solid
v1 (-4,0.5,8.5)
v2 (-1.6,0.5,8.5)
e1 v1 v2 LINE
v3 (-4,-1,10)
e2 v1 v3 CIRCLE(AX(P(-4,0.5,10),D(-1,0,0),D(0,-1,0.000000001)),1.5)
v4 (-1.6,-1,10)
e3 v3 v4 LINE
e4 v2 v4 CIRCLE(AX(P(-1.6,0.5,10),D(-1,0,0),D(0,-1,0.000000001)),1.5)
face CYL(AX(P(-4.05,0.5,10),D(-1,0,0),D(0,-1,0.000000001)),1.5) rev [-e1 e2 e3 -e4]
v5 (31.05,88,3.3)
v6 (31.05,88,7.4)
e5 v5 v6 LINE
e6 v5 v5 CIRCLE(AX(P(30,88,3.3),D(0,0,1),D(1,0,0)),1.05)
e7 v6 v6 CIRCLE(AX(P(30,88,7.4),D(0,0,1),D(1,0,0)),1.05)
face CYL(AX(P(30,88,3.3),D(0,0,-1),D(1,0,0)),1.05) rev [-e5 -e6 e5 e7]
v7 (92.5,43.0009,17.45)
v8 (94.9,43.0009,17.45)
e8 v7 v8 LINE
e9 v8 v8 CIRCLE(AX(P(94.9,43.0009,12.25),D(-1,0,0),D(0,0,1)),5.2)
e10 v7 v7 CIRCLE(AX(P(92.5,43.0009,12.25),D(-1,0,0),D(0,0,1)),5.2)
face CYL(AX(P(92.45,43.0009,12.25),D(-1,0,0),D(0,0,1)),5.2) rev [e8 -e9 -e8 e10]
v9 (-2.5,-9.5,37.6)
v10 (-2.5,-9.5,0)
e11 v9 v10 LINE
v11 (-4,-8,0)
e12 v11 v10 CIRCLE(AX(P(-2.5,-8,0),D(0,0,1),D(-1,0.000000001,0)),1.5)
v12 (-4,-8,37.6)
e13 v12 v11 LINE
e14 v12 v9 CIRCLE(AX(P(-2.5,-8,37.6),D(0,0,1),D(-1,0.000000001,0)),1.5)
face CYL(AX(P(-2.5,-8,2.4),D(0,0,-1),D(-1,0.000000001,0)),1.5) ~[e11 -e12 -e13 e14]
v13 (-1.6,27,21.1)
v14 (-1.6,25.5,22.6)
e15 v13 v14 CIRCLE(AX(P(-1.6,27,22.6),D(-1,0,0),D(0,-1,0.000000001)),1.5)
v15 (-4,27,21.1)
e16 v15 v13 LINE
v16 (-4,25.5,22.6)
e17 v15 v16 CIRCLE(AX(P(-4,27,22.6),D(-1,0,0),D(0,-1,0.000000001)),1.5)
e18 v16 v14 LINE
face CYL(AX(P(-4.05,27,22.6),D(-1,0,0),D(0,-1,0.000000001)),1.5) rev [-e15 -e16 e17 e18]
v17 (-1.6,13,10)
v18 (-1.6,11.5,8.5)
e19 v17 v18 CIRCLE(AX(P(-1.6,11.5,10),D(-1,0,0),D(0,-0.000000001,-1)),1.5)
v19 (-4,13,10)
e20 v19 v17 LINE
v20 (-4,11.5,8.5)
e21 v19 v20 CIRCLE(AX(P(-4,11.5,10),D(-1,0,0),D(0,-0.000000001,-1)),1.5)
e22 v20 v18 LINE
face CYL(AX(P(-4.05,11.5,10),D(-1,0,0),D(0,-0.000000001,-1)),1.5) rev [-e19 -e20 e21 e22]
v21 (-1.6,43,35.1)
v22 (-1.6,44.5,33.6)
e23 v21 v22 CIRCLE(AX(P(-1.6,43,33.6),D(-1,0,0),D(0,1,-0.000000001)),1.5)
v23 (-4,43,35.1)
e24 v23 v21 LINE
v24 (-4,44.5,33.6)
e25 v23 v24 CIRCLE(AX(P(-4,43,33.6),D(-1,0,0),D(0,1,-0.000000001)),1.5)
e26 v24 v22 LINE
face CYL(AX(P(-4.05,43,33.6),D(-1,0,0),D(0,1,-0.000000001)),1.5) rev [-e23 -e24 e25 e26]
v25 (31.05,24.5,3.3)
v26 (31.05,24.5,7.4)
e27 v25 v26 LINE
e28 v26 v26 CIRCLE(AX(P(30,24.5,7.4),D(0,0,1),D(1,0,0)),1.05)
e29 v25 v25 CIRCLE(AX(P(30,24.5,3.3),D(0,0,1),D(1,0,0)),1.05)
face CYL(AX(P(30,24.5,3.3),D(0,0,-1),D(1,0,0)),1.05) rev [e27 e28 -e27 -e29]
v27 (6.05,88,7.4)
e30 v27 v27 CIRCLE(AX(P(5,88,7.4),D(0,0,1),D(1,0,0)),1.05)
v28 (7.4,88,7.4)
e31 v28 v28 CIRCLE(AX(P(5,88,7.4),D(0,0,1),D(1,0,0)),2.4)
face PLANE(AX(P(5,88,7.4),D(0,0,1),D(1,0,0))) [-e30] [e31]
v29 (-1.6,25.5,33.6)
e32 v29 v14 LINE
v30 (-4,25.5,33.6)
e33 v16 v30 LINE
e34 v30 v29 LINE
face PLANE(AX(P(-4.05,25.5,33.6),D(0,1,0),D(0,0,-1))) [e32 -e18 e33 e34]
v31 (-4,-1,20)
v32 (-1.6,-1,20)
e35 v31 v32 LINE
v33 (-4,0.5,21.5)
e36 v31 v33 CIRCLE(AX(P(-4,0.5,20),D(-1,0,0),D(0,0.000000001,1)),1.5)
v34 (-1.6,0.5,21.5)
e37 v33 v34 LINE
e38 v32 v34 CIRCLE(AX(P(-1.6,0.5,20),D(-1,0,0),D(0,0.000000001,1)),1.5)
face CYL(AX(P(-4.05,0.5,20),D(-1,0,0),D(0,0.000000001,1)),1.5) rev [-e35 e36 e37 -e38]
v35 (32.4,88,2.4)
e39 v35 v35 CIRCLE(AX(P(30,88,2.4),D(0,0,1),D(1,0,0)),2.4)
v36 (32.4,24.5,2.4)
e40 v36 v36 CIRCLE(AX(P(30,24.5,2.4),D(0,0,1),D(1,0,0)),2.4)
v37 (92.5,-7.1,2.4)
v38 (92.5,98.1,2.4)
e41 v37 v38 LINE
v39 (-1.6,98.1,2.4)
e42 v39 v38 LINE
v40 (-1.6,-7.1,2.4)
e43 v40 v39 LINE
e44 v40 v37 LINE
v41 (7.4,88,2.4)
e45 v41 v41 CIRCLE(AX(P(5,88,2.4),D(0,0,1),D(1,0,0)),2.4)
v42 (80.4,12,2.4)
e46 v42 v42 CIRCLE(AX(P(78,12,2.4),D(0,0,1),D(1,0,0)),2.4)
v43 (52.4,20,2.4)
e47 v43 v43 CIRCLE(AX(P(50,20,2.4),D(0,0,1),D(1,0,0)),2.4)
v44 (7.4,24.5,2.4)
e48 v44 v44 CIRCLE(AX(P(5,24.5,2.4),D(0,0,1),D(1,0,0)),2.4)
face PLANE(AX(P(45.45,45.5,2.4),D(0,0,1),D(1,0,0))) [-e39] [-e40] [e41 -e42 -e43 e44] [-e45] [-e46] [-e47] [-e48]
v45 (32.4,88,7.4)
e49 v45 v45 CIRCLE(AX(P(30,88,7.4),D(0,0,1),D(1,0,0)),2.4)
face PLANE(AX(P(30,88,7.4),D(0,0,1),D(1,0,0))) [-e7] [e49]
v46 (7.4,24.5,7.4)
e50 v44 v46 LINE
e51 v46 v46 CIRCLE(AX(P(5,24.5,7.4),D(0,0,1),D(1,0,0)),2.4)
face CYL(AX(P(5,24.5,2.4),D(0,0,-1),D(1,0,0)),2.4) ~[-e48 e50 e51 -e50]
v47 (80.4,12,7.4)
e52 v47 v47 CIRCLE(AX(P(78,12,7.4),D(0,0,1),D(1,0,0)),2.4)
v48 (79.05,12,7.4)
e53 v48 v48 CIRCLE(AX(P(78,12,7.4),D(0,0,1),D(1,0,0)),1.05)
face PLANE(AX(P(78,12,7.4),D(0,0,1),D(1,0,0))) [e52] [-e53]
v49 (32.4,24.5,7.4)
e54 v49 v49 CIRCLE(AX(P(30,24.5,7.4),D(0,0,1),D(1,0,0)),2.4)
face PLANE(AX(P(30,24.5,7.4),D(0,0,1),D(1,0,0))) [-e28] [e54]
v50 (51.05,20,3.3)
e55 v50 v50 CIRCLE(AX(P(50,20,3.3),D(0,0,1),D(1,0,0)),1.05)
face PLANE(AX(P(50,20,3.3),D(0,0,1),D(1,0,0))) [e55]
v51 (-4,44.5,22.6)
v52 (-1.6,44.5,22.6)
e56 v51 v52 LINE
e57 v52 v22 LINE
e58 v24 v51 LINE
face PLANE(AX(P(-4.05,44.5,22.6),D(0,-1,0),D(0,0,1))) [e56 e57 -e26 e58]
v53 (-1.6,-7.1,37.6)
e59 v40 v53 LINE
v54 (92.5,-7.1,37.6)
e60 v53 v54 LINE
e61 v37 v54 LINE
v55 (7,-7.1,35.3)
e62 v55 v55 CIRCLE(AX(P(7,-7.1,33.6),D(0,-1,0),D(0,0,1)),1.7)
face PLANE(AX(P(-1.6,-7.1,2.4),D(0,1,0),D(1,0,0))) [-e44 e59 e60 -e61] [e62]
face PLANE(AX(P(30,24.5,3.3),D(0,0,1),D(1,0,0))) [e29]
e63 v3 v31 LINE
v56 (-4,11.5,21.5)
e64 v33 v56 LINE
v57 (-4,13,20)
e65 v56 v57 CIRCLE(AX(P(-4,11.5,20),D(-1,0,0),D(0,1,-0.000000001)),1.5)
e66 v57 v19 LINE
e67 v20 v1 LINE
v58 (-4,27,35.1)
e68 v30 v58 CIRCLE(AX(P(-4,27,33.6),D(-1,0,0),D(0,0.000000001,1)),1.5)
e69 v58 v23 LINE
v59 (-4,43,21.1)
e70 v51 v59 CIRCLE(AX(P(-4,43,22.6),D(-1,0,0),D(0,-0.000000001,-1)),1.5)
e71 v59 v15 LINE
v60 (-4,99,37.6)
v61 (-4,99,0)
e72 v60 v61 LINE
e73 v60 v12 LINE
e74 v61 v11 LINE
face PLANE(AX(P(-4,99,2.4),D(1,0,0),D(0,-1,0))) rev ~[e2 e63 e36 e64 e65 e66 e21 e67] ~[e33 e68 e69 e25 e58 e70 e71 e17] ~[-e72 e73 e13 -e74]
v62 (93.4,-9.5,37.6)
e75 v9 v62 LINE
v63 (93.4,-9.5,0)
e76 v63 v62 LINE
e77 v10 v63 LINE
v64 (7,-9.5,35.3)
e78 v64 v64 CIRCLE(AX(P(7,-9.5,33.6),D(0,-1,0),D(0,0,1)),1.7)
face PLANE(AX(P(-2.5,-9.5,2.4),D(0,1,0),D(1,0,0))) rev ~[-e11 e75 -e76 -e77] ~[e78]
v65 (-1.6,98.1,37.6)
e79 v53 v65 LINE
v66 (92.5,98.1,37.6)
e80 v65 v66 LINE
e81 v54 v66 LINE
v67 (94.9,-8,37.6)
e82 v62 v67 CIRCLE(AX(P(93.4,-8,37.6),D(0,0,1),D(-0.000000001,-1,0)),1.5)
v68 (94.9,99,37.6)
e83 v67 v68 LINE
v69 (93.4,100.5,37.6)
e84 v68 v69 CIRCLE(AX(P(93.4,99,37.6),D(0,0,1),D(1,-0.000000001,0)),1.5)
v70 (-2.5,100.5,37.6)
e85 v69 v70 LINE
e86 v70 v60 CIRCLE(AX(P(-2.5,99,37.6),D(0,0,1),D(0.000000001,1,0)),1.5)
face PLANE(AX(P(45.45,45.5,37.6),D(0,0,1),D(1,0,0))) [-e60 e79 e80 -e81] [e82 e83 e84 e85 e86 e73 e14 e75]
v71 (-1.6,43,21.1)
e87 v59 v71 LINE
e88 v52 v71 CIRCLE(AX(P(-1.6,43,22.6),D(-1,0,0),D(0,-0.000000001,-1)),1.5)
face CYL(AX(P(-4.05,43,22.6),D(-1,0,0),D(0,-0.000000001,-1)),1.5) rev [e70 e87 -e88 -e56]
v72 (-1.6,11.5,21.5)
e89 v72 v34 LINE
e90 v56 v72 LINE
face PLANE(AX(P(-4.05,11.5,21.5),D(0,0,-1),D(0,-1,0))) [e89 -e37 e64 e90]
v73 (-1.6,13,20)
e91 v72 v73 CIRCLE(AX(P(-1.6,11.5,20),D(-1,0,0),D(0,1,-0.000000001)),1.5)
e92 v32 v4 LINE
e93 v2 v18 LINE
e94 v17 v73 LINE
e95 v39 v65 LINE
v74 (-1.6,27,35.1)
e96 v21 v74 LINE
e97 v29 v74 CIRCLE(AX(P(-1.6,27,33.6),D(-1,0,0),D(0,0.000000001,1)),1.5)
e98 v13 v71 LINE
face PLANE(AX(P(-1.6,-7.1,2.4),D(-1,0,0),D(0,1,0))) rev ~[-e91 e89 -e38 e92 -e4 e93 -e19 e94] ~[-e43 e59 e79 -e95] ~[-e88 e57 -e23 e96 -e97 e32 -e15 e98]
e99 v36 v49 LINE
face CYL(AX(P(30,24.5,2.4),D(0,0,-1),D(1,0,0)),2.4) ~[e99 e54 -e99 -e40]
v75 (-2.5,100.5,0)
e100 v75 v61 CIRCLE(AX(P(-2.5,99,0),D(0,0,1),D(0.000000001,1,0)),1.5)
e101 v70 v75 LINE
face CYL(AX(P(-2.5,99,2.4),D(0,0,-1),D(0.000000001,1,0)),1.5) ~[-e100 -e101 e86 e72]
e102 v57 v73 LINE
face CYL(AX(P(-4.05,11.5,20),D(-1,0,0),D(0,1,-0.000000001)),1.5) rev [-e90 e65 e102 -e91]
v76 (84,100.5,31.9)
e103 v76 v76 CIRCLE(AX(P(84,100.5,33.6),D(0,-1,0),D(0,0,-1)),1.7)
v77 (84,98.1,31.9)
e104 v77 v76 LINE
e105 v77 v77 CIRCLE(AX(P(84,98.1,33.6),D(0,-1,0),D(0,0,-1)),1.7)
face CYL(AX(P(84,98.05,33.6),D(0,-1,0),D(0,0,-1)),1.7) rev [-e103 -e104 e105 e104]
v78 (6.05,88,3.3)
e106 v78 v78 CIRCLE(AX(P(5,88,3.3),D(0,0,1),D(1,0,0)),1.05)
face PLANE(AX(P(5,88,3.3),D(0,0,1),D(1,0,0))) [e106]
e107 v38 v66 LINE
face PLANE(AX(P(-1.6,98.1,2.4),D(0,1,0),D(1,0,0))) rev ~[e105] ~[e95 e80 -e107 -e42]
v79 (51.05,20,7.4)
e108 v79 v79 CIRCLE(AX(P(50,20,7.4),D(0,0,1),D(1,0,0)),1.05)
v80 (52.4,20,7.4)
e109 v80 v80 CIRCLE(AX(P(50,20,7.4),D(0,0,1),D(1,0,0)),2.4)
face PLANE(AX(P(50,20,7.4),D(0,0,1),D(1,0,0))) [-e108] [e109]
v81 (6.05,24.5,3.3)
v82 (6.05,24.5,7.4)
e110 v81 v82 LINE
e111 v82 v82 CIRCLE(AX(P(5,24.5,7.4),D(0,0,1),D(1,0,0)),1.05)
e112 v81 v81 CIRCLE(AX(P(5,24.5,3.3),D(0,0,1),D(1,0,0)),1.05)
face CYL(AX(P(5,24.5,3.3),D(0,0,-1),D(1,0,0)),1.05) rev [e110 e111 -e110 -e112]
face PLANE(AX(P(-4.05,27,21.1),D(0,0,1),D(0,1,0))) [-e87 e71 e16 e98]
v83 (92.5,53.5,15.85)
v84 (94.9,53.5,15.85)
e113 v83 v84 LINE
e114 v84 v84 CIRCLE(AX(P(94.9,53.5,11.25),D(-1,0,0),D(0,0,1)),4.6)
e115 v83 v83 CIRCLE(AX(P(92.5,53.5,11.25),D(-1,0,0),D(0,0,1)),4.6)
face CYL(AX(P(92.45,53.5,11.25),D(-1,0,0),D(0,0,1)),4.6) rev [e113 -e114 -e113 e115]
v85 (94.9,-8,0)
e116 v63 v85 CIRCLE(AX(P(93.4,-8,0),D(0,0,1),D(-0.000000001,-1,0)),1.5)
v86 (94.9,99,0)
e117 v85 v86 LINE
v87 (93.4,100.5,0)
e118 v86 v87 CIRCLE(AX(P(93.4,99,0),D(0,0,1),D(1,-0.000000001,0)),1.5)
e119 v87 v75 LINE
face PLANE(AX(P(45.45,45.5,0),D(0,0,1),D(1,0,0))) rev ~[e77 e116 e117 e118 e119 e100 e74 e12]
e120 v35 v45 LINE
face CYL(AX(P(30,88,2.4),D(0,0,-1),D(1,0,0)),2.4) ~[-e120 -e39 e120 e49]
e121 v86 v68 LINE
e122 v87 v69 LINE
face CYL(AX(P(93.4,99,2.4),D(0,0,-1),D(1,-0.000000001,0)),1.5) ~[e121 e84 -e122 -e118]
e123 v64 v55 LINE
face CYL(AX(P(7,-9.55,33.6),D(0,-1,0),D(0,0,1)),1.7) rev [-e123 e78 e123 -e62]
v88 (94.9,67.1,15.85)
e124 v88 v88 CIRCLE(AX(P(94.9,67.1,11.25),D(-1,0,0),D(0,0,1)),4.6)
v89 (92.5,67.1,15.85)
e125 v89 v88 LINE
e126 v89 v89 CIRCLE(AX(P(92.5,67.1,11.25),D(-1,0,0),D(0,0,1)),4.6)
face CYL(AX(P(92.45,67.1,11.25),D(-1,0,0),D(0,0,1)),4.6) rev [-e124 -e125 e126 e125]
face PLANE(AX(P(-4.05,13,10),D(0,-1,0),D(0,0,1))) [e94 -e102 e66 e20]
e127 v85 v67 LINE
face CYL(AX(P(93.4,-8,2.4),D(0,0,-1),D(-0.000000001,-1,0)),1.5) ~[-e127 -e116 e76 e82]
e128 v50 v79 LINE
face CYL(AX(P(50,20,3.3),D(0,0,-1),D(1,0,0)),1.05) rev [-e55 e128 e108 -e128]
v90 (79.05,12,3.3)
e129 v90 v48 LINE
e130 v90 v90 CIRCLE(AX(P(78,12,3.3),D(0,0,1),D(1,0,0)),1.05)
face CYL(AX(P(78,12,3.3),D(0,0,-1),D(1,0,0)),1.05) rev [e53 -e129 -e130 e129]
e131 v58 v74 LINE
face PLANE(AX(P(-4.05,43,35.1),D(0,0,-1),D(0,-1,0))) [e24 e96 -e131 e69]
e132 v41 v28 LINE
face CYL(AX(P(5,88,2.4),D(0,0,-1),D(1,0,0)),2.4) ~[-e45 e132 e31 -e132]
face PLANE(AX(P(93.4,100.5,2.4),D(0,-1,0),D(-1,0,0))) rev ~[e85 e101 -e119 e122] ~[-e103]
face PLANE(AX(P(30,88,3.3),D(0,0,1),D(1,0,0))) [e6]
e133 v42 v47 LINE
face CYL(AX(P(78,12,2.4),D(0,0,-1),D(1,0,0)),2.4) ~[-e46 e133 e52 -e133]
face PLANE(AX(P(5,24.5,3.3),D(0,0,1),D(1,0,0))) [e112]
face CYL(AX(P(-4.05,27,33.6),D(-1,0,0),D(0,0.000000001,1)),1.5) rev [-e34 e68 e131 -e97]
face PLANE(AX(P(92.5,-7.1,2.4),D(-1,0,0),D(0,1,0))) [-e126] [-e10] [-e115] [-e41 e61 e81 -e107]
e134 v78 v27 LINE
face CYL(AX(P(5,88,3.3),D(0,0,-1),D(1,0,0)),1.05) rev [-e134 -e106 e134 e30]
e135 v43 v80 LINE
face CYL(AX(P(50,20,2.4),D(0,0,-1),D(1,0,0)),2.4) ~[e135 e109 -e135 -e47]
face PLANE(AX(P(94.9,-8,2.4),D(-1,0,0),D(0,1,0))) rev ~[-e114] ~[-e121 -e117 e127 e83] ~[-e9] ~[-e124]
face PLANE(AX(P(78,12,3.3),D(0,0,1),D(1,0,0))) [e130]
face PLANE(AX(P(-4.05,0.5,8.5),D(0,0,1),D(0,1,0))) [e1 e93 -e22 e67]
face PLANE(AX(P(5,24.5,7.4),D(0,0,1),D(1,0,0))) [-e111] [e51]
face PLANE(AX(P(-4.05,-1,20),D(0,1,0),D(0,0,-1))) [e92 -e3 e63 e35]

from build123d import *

# Parameters (mm, degrees)
FLOOR_2P4MM_DEPTH                         = 2.4
SIX_PCB_SUPPORTS_5MM_START                = 2.4
SKETCH_2_R                                = 2.4
SIX_PCB_SUPPORTS_5MM_DEPTH                = 5
INTEGRAL_FRONT_REAR_AND_SIDE_WALLS_START  = 2.4
SKETCH_3_W                                = 94.1
SKETCH_3_H                                = 105.2
INTEGRAL_FRONT_REAR_AND_SIDE_WALLS_DEPTH  = 35.2
SIX_BLIND_M2P5_STANDOFF_PILOTS_DEPTH      = 2.05
SIX_BLIND_M2P5_STANDOFF_PILOTS_DEPTH_BACK = 2.05
SIX_BLIND_M2P5_STANDOFF_PILOTS_START      = 5.35
SKETCH_4_R                                = 1.05
SIDE_LID_SCREW_1_DEPTH                    = 1.25
SIDE_LID_SCREW_1_DEPTH_BACK               = 1.25
SIDE_LID_SCREW_1_START                    = -8.3
SKETCH_5_R                                = 1.7
SIDE_LID_SCREW_2_DEPTH                    = 1.25
SIDE_LID_SCREW_2_DEPTH_BACK               = 1.25
SIDE_LID_SCREW_2_START                    = 99.3
SKETCH_6_R                                = 1.7
FRONT_AUDIO_ACCESS_DEPTH                  = 1.25
FRONT_AUDIO_ACCESS_DEPTH_BACK             = 1.25
FRONT_AUDIO_ACCESS_START                  = 93.7
SKETCH_7_R                                = 5.2
SKETCH_7_R_2                              = 4.6
REAR_DC_AND_USB_ACCESS_DEPTH              = 1.25
REAR_DC_AND_USB_ACCESS_DEPTH_BACK         = 1.25
REAR_DC_AND_USB_ACCESS_START              = -2.8


with BuildPart() as part:
    # 草图1 → Floor_2p4mm (new body)
    with BuildSketch(Plane.XY):
        with BuildLine():
            Line((-2.5, -9.5), (93.4, -9.5))
            ThreePointArc((93.4, -9.5), (94.460660172, -9.060660172), (94.9, -8))
            Line((94.9, -8), (94.9, 99))
            ThreePointArc((94.9, 99), (94.460660172, 100.060660172), (93.4, 100.5))
            Line((93.4, 100.5), (-2.5, 100.5))
            ThreePointArc((-2.5, 100.5), (-3.560660172, 100.060660172), (-4, 99))
            Line((-4, 99), (-4, -8))
            ThreePointArc((-4, -8), (-3.560660172, -9.060660172), (-2.5, -9.5))
        make_face()
    extrude(amount=FLOOR_2P4MM_DEPTH)

    # 草图2 → Six_PCB_supports_5mm (add)
    with BuildSketch(Plane.XY.offset(SIX_PCB_SUPPORTS_5MM_START)):
        with Locations((5, 24.5)):
            Circle(SKETCH_2_R)
        with Locations((5, 88)):
            Circle(SKETCH_2_R)
        with Locations((30, 24.5)):
            Circle(SKETCH_2_R)
        with Locations((30, 88)):
            Circle(SKETCH_2_R)
        with Locations((78, 12)):
            Circle(SKETCH_2_R)
        with Locations((50, 20)):
            Circle(SKETCH_2_R)
    extrude(amount=SIX_PCB_SUPPORTS_5MM_DEPTH)

    # 草图3 → Integral_front_rear_and_side_walls (add)
    with BuildSketch(Plane.XY.offset(INTEGRAL_FRONT_REAR_AND_SIDE_WALLS_START)):
        with BuildLine():
            Line((-2.5, -9.5), (93.4, -9.5))
            ThreePointArc((93.4, -9.5), (94.460660172, -9.060660172), (94.9, -8))
            Line((94.9, -8), (94.9, 99))
            ThreePointArc((94.9, 99), (94.460660172, 100.060660172), (93.4, 100.5))
            Line((93.4, 100.5), (-2.5, 100.5))
            ThreePointArc((-2.5, 100.5), (-3.560660172, 100.060660172), (-4, 99))
            Line((-4, 99), (-4, -8))
            ThreePointArc((-4, -8), (-3.560660172, -9.060660172), (-2.5, -9.5))
        make_face()
        with Locations((45.45, 45.5)):
            Rectangle(SKETCH_3_W, SKETCH_3_H, mode=Mode.SUBTRACT)
    extrude(amount=INTEGRAL_FRONT_REAR_AND_SIDE_WALLS_DEPTH)

    # 草图4 → Six_blind_M2p5_standoff_pilots (cut, two sides: drawn at the far end of the back side and taken through both)
    with BuildSketch(Plane.XY.offset(SIX_BLIND_M2P5_STANDOFF_PILOTS_START - SIX_BLIND_M2P5_STANDOFF_PILOTS_DEPTH_BACK)):
        with Locations((5, 24.5)):
            Circle(SKETCH_4_R)
        with Locations((5, 88)):
            Circle(SKETCH_4_R)
        with Locations((30, 24.5)):
            Circle(SKETCH_4_R)
        with Locations((30, 88)):
            Circle(SKETCH_4_R)
        with Locations((78, 12)):
            Circle(SKETCH_4_R)
        with Locations((50, 20)):
            Circle(SKETCH_4_R)
    extrude(amount=SIX_BLIND_M2P5_STANDOFF_PILOTS_DEPTH + SIX_BLIND_M2P5_STANDOFF_PILOTS_DEPTH_BACK, mode=Mode.SUBTRACT)

    # 草图5 → Side_lid_screw_1 (cut, two sides: drawn at the far end of the back side and taken through both)
    with BuildSketch(Plane(origin=(0, 0, 0), x_dir=(1, 0, 0), z_dir=(0, 1, 0)).offset(SIDE_LID_SCREW_1_START - SIDE_LID_SCREW_1_DEPTH_BACK)):
        with Locations(Location((7, -33.6, 0), (0, 0, 270))):
            Circle(SKETCH_5_R)
    extrude(amount=SIDE_LID_SCREW_1_DEPTH + SIDE_LID_SCREW_1_DEPTH_BACK, mode=Mode.SUBTRACT)

    # 草图6 → Side_lid_screw_2 (cut, two sides: drawn at the far end of the back side and taken through both)
    with BuildSketch(Plane(origin=(0, 0, 0), x_dir=(1, 0, 0), z_dir=(0, 1, 0)).offset(SIDE_LID_SCREW_2_START - SIDE_LID_SCREW_2_DEPTH_BACK)):
        with Locations(Location((84, -33.6, 0), (0, 0, 90))):
            Circle(SKETCH_6_R)
    extrude(amount=SIDE_LID_SCREW_2_DEPTH + SIDE_LID_SCREW_2_DEPTH_BACK, mode=Mode.SUBTRACT)

    # 草图7 → Front_audio_access (cut, two sides: drawn at the far end of the back side and taken through both)
    with BuildSketch(Plane(origin=(0, 0, 0), x_dir=(0, 0, -1), z_dir=(1, 0, 0)).offset(FRONT_AUDIO_ACCESS_START - FRONT_AUDIO_ACCESS_DEPTH_BACK)):
        with Locations(Location((-12.25, 43.0009, 0), (0, 0, 180))):
            Circle(SKETCH_7_R)
        with Locations(Location((-11.25, 53.5, 0), (0, 0, 180))):
            Circle(SKETCH_7_R_2)
        with Locations(Location((-11.25, 67.1, 0), (0, 0, 180))):
            Circle(SKETCH_7_R_2)
    extrude(amount=FRONT_AUDIO_ACCESS_DEPTH + FRONT_AUDIO_ACCESS_DEPTH_BACK, mode=Mode.SUBTRACT)

    # 草图8 → Rear_DC_and_USB_access (cut, two sides: drawn at the far end of the back side and taken through both)
    with BuildSketch(Plane(origin=(0, 0, 0), x_dir=(0, 0, -1), z_dir=(1, 0, 0)).offset(REAR_DC_AND_USB_ACCESS_START - REAR_DC_AND_USB_ACCESS_DEPTH_BACK)):
        with BuildLine():
            Line((-8.5, 0.5), (-8.5, 11.5))
            ThreePointArc((-8.5, 11.5), (-8.939339828, 12.560660172), (-10, 13))
            Line((-10, 13), (-20, 13))
            ThreePointArc((-20, 13), (-21.060660172, 12.560660172), (-21.5, 11.5))
            Line((-21.5, 11.5), (-21.5, 0.5))
            ThreePointArc((-21.5, 0.5), (-21.060660172, -0.560660172), (-20, -1))
            Line((-20, -1), (-10, -1))
            ThreePointArc((-10, -1), (-8.939339828, -0.560660172), (-8.5, 0.5))
        make_face()
        with BuildLine():
            Line((-21.1, 27), (-21.1, 43))
            ThreePointArc((-21.1, 43), (-21.539339828, 44.060660172), (-22.6, 44.5))
            Line((-22.6, 44.5), (-33.6, 44.5))
            ThreePointArc((-33.6, 44.5), (-34.660660172, 44.060660172), (-35.1, 43))
            Line((-35.1, 43), (-35.1, 27))
            ThreePointArc((-35.1, 27), (-34.660660172, 25.939339828), (-33.6, 25.5))
            Line((-33.6, 25.5), (-22.6, 25.5))
            ThreePointArc((-22.6, 25.5), (-21.539339828, 25.939339828), (-21.1, 27))
        make_face()
    extrude(amount=REAR_DC_AND_USB_ACCESS_DEPTH + REAR_DC_AND_USB_ACCESS_DEPTH_BACK, mode=Mode.SUBTRACT)


solid = part.part
